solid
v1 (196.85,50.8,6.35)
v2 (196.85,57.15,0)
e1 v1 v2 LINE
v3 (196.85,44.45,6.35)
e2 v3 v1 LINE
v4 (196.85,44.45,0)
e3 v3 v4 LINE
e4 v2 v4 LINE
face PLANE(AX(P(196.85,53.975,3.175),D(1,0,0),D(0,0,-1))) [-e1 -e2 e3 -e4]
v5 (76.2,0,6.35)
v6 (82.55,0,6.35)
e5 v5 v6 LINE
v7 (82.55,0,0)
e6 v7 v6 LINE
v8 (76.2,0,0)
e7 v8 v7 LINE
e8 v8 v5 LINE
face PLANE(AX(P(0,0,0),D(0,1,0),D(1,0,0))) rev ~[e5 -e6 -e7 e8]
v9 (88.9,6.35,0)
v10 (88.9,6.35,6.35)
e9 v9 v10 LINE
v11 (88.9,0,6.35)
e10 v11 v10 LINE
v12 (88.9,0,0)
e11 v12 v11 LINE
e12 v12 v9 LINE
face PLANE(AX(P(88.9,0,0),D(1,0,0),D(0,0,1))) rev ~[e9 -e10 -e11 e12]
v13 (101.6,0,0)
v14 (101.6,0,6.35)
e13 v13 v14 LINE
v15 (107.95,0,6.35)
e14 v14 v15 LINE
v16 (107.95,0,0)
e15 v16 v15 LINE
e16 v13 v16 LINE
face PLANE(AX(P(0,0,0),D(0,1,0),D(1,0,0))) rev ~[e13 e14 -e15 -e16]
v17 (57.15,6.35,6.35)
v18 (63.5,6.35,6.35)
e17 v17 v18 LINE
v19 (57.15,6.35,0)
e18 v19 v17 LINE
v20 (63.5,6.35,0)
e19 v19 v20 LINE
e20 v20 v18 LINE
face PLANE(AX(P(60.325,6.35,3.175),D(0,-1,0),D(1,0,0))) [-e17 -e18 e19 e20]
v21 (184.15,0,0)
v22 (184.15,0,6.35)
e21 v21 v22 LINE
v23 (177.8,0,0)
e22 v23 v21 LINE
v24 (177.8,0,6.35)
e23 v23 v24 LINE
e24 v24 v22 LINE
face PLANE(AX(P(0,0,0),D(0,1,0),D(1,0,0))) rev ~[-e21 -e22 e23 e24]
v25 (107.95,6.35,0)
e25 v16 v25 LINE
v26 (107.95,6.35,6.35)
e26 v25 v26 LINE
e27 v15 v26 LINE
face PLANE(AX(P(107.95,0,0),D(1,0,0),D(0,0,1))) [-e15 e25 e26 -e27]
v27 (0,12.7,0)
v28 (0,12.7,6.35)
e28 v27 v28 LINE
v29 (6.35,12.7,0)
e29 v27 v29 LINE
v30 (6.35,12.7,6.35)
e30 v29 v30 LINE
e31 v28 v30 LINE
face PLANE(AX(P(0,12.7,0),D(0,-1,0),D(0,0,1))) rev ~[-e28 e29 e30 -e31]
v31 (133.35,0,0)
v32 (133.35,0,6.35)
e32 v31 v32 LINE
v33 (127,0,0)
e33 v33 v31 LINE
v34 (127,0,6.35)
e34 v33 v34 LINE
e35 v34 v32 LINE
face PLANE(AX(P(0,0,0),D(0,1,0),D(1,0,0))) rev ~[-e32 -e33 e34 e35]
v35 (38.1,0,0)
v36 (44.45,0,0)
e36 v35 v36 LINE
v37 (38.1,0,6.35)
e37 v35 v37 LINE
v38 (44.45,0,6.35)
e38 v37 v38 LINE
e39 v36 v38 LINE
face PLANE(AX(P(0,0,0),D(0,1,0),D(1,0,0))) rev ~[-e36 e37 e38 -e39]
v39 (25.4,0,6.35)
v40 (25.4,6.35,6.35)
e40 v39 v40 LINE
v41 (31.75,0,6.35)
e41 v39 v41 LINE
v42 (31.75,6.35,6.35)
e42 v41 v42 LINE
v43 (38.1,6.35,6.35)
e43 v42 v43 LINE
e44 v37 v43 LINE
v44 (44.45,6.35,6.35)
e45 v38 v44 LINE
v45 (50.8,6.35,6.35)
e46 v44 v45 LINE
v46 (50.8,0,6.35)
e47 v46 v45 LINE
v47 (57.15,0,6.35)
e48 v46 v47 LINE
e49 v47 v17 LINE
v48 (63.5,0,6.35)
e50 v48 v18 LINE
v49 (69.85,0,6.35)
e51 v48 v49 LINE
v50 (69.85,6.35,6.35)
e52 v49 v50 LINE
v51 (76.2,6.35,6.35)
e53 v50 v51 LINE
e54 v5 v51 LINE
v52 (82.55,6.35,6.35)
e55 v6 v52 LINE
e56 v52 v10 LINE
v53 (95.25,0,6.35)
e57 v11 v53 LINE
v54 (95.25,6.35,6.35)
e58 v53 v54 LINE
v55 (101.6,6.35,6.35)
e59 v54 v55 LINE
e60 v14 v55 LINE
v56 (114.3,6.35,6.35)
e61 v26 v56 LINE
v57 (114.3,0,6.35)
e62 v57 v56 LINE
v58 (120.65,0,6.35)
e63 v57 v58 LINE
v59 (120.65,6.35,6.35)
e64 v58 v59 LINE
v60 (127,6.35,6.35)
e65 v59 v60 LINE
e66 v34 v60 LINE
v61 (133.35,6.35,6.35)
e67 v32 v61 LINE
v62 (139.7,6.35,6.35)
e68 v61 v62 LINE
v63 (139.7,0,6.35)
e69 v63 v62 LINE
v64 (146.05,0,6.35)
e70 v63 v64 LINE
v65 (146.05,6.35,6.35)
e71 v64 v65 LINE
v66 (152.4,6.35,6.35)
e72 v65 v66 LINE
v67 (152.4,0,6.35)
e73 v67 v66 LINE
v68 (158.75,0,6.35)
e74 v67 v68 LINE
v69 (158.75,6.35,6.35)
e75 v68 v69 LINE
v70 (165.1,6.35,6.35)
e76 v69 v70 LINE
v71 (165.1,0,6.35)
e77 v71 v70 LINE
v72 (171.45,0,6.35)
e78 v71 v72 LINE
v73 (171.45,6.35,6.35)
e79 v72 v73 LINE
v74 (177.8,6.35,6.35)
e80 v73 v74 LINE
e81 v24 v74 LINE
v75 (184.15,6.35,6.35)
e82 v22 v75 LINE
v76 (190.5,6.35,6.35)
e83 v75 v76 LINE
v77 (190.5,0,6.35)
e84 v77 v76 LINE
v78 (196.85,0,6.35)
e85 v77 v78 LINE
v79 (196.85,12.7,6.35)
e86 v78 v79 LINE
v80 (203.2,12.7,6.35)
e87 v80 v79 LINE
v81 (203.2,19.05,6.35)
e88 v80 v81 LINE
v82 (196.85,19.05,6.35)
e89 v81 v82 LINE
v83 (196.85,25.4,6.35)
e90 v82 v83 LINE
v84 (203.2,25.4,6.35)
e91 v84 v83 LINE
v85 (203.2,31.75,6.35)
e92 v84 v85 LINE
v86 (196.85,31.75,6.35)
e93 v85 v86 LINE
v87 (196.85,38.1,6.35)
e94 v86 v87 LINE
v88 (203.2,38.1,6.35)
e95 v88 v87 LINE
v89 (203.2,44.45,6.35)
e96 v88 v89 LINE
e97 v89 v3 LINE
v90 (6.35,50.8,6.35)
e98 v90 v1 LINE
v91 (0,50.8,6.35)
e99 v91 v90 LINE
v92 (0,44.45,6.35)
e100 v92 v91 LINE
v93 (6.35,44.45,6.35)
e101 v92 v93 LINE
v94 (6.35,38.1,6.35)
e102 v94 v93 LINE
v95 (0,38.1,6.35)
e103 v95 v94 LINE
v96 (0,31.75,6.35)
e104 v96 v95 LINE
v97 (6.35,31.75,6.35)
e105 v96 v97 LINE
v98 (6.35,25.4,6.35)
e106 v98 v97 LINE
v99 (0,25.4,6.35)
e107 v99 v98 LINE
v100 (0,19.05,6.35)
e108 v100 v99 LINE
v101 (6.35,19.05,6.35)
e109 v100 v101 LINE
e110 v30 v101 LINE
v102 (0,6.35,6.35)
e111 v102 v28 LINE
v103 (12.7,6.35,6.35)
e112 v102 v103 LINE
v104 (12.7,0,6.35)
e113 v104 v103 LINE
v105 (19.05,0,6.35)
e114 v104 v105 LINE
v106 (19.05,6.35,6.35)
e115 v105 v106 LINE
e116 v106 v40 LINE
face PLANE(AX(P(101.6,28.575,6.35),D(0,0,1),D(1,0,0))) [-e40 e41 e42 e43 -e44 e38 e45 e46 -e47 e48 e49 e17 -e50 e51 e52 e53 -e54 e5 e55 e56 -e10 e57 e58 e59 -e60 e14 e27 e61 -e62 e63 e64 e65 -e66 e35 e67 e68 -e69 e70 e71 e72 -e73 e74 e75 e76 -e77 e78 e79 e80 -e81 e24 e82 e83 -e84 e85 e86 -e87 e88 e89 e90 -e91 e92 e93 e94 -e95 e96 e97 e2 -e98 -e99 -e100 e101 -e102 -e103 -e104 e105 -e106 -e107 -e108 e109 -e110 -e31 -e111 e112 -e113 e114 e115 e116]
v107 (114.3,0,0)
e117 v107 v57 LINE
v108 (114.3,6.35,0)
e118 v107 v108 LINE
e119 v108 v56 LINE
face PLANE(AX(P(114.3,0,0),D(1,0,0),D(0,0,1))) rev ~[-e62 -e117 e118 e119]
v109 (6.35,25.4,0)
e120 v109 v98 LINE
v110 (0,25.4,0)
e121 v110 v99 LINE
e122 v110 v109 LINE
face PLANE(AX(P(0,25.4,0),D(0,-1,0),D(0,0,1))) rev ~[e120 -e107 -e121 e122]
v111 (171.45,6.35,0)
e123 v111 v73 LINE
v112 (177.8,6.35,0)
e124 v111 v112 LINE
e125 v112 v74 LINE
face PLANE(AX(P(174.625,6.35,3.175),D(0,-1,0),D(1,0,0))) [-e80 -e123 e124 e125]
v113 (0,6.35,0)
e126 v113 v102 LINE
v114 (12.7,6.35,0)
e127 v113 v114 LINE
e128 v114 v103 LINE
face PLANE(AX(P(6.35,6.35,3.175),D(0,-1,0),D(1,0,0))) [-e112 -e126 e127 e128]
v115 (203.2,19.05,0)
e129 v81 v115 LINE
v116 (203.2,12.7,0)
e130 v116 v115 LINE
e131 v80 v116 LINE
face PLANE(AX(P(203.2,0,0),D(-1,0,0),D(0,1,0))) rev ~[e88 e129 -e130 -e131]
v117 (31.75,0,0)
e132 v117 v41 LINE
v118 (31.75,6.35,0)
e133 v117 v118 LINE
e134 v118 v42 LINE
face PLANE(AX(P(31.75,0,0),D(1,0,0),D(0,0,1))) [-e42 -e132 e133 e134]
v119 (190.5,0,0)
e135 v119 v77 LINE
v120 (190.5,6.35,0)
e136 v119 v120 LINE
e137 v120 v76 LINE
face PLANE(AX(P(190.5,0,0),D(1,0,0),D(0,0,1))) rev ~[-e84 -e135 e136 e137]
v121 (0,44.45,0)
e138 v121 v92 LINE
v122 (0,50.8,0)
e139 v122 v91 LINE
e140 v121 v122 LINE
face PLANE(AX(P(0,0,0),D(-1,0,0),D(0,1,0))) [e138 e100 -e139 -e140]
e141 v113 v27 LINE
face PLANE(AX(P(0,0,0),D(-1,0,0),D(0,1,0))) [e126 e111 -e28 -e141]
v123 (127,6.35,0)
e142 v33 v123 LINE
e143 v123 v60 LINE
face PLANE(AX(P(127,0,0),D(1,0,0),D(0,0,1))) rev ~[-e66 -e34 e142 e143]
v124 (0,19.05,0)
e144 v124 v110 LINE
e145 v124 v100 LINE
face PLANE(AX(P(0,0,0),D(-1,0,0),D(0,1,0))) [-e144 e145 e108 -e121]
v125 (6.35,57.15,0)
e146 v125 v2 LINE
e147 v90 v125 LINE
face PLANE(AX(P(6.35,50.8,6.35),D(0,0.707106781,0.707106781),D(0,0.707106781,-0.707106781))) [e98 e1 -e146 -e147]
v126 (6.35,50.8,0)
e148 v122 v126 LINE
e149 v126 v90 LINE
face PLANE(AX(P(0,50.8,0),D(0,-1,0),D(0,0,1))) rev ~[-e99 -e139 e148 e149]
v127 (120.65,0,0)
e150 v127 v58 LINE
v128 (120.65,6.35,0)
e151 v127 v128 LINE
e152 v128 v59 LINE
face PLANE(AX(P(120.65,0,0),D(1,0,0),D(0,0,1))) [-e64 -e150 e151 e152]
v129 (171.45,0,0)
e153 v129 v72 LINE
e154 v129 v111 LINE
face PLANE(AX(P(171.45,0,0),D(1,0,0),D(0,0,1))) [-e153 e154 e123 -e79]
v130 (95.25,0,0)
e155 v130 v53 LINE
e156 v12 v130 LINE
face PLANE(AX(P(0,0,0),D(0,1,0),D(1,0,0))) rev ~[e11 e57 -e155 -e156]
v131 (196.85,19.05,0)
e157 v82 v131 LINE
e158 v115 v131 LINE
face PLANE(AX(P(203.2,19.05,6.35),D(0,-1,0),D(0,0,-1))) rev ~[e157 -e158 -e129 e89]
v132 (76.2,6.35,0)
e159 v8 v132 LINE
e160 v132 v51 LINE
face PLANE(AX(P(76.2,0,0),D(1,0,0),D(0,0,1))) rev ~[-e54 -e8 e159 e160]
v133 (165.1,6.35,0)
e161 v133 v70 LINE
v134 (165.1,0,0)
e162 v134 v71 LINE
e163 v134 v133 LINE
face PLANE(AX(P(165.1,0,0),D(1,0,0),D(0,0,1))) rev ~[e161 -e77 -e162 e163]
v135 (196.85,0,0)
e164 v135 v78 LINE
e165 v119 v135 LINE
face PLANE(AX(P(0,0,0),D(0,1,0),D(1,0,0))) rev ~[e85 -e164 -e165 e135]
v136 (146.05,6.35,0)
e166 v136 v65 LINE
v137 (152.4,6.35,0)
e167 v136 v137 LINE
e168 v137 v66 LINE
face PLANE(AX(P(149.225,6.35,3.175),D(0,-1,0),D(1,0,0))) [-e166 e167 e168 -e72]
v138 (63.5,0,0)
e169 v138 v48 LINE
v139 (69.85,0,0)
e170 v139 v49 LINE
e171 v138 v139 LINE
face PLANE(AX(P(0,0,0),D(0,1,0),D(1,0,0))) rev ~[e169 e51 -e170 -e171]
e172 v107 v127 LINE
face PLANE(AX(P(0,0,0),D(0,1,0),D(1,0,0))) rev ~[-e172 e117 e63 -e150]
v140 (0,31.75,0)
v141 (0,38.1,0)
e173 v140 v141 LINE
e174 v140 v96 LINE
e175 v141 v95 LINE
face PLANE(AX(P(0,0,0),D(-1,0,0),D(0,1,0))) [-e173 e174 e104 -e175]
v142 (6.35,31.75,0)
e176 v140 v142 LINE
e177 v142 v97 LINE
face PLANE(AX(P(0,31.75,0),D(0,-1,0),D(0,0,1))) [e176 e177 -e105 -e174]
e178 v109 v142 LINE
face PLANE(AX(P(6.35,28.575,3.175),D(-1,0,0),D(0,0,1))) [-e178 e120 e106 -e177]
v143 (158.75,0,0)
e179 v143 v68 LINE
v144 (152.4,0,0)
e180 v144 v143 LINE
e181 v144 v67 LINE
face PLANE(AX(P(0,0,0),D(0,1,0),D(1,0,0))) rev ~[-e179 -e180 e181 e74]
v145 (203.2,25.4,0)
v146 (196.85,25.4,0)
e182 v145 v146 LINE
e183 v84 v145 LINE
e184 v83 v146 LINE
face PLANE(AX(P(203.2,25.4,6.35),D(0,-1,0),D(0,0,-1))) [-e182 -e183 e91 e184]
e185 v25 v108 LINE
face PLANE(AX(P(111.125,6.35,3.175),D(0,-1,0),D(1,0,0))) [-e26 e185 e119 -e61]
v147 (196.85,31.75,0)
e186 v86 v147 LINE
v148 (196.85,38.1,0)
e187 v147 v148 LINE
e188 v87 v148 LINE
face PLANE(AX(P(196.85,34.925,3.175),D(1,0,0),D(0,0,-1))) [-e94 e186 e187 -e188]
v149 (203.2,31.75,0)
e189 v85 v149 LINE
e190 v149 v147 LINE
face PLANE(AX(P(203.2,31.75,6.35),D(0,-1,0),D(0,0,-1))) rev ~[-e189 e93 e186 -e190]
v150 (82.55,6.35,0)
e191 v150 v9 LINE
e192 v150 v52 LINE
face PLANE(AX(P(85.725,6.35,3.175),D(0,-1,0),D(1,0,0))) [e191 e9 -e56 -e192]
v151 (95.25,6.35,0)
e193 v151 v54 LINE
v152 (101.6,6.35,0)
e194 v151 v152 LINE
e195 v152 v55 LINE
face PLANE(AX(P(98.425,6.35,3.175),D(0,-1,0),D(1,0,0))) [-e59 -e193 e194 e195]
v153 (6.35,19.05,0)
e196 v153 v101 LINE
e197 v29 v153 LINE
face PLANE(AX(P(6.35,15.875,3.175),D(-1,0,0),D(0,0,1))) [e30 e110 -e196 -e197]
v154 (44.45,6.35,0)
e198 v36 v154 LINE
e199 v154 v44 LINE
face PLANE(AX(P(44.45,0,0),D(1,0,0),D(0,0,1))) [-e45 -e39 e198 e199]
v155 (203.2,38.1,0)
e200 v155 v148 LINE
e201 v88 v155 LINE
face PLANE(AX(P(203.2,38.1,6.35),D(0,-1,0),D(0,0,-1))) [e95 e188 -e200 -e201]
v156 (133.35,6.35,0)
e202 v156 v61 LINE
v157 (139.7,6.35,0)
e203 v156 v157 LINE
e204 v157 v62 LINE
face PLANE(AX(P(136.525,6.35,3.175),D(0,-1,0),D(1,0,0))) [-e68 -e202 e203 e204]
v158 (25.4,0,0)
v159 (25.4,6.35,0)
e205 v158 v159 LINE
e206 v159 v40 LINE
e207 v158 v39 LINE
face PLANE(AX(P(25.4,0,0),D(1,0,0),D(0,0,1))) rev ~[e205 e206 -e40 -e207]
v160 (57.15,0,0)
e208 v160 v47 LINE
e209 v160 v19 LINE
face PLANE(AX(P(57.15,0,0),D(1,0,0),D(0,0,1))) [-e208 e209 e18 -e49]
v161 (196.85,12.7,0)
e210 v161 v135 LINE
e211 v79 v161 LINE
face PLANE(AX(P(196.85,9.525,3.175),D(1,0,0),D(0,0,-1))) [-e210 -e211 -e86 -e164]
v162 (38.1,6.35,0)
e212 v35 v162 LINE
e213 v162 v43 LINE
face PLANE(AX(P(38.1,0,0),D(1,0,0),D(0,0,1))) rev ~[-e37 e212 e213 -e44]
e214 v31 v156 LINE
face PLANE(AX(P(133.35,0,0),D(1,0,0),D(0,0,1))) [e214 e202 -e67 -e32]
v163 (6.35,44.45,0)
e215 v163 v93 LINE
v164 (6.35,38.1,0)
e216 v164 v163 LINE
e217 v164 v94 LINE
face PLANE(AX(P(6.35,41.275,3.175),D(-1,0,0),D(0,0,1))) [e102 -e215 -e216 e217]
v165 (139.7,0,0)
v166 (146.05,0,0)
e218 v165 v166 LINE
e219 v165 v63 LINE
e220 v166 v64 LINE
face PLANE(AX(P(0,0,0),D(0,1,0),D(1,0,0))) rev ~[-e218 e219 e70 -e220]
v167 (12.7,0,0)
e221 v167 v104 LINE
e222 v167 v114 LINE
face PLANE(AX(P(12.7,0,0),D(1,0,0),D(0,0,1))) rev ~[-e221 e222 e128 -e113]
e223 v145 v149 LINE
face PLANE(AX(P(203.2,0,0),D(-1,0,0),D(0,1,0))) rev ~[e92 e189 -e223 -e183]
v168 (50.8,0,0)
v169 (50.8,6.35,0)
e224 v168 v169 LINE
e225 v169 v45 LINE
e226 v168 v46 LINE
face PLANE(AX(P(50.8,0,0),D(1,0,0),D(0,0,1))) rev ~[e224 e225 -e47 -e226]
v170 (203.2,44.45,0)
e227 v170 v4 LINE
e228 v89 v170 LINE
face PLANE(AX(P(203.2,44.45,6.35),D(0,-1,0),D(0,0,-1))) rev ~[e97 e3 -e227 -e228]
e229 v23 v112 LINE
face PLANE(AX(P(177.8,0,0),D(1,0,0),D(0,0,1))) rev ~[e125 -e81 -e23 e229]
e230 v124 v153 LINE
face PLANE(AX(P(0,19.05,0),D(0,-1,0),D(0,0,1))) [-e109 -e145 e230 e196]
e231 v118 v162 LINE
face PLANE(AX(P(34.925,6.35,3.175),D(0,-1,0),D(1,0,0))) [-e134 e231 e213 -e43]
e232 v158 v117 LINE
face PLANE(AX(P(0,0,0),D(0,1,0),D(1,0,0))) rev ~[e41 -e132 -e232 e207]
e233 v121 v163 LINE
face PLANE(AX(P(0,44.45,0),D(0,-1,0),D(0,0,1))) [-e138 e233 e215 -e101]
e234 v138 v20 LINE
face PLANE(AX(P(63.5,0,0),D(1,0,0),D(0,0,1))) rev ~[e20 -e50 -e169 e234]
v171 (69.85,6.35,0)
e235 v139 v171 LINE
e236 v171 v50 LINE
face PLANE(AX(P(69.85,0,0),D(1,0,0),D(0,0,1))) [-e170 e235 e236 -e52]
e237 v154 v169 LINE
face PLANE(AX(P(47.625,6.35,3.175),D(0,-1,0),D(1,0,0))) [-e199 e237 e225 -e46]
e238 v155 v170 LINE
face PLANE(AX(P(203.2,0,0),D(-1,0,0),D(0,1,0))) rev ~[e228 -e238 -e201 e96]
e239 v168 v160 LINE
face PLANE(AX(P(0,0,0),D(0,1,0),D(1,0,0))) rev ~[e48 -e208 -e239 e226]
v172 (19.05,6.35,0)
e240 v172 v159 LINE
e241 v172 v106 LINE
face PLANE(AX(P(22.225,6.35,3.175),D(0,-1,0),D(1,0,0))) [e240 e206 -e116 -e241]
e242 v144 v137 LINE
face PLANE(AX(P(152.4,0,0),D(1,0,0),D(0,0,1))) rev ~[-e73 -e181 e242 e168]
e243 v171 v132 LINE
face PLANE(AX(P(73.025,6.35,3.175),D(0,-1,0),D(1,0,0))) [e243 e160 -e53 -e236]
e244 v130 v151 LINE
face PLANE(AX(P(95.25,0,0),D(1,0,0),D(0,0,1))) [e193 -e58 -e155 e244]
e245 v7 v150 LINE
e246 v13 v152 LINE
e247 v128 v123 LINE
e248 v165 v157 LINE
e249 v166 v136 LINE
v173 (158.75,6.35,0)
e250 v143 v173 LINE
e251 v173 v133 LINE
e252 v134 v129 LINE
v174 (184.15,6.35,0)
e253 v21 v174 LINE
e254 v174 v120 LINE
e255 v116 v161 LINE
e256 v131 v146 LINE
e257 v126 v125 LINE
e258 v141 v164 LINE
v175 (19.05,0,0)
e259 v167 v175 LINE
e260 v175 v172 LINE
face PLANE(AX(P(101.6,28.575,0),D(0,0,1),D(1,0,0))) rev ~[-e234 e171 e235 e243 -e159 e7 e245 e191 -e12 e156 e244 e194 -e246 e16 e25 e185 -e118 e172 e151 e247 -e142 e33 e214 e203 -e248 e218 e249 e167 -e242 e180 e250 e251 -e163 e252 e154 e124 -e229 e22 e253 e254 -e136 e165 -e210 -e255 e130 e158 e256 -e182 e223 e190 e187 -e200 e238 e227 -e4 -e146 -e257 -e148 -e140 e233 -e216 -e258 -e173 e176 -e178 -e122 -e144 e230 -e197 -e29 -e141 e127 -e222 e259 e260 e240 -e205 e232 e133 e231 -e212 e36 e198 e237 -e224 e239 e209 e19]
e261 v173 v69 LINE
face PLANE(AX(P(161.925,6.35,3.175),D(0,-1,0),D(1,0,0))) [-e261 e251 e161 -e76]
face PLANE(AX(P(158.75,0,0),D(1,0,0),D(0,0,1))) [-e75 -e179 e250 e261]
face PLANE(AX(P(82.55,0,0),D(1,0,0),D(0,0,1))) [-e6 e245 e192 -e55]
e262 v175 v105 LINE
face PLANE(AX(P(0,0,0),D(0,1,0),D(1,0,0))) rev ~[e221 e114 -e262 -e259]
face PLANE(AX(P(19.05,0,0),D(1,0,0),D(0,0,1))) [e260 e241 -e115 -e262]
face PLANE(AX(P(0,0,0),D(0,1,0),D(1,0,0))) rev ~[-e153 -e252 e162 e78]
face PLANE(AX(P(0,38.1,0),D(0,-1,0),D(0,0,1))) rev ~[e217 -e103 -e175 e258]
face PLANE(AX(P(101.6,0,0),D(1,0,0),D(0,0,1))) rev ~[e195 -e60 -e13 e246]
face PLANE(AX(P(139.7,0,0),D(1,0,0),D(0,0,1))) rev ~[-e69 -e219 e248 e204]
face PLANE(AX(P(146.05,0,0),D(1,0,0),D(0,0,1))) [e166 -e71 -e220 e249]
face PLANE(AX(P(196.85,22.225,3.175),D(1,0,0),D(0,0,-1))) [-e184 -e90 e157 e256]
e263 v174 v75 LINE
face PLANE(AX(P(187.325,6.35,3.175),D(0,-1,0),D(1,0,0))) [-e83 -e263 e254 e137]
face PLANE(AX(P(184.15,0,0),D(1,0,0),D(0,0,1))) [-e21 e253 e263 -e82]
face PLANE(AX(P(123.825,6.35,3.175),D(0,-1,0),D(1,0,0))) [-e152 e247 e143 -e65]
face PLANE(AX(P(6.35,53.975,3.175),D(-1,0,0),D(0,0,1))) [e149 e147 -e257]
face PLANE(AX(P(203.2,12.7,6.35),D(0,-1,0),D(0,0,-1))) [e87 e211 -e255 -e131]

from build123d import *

# Parameters (mm, degrees)
SKETCH2_W           = 203.2
SKETCH2_H           = 57.15
BOSS_EXTRUDE1_DEPTH = 6.35
SKETCH3_W           = 12.7
SKETCH3_H           = 6.35
CUT_EXTRUDE1_DEPTH  = 6.35
SKETCH5_W           = 6.35
SKETCH5_H           = 6.35
CUT_EXTRUDE2_DEPTH  = 6.35
LPATTERN1_COUNT     = 15
LPATTERN1_PITCH     = 12.7
SKETCH6_W           = 6.35
SKETCH6_H           = 6.35
CUT_EXTRUDE3_DEPTH  = 6.35
SKETCH7_W           = 6.35
SKETCH7_H           = 6.35
CUT_EXTRUDE4_DEPTH  = 6.35
LPATTERN2_COUNT     = 4
LPATTERN2_PITCH     = 12.7
SKETCH8_W           = 6.35
SKETCH8_H           = 6.35
CUT_EXTRUDE5_DEPTH  = 6.35
SKETCH9_W           = 6.35
SKETCH9_H           = 6.35
CUT_EXTRUDE6_DEPTH  = 6.35
LPATTERN3_COUNT     = 4
LPATTERN3_PITCH     = 12.7
CUT_EXTRUDE7_DEPTH  = 190.5


with BuildPart() as part:
    # Sketch2 → Boss-Extrude1 (new body)
    with BuildSketch(Plane.XY):
        with Locations((101.6, 28.575)):
            Rectangle(SKETCH2_W, SKETCH2_H)
    extrude(amount=BOSS_EXTRUDE1_DEPTH)

    # Sketch3 → Cut-Extrude1 (cut)
    with BuildSketch(Plane.XZ):
        with Locations((6.35, 3.175)):
            Rectangle(SKETCH3_W, SKETCH3_H)
    extrude(amount=-CUT_EXTRUDE1_DEPTH, mode=Mode.SUBTRACT)

    # Sketch5 → Cut-Extrude2 (cut)
    with BuildSketch(Plane.XZ):
        with Locations((22.225, 3.175)):
            Rectangle(SKETCH5_W, SKETCH5_H)
    cut_extrude2 = extrude(amount=-CUT_EXTRUDE2_DEPTH, mode=Mode.SUBTRACT)

    # LPattern1: Cut-Extrude2 ×15
    with Locations(*[(i * LPATTERN1_PITCH, 0, 0) for i in range(1, LPATTERN1_COUNT)]):
        add(cut_extrude2, mode=Mode.SUBTRACT)

    # Sketch6 → Cut-Extrude3 (cut)
    with BuildSketch(Plane(origin=(203.2, 0, 0), x_dir=(0, 0, -1), z_dir=(1, 0, 0))):
        with Locations((-3.175, 9.525)):
            Rectangle(SKETCH6_W, SKETCH6_H)
    extrude(amount=-CUT_EXTRUDE3_DEPTH, mode=Mode.SUBTRACT)

    # Sketch7 → Cut-Extrude4 (cut)
    with BuildSketch(Plane(origin=(203.2, 0, 0), x_dir=(0, 0, -1), z_dir=(1, 0, 0))):
        with Locations((-3.175, 22.225)):
            Rectangle(SKETCH7_W, SKETCH7_H)
    cut_extrude4 = extrude(amount=-CUT_EXTRUDE4_DEPTH, mode=Mode.SUBTRACT)

    # LPattern2: Cut-Extrude4 ×4
    with Locations(*[(0, i * LPATTERN2_PITCH, 0) for i in range(1, LPATTERN2_COUNT)]):
        add(cut_extrude4, mode=Mode.SUBTRACT)

    # Sketch8 → Cut-Extrude5 (cut)
    with BuildSketch(Plane(origin=(203.2, 0, 0), x_dir=(0, 0, -1), z_dir=(1, 0, 0))):
        with Locations((-3.175, 53.975)):
            Rectangle(SKETCH8_W, SKETCH8_H)
    extrude(amount=-CUT_EXTRUDE5_DEPTH, mode=Mode.SUBTRACT)

    # Sketch9 → Cut-Extrude6 (cut)
    with BuildSketch(Plane.ZY):
        with Locations((3.175, 15.875)):
            Rectangle(SKETCH9_W, SKETCH9_H)
    cut_extrude6 = extrude(amount=-CUT_EXTRUDE6_DEPTH, mode=Mode.SUBTRACT)

    # LPattern3: Cut-Extrude6 ×4
    with Locations(*[(0, i * LPATTERN3_PITCH, 0) for i in range(1, LPATTERN3_COUNT)]):
        add(cut_extrude6, mode=Mode.SUBTRACT)

    # Sketch10 → Cut-Extrude7 (cut)
    with BuildSketch(Plane.ZY.offset(-6.35)):
        Polygon((6.35, 57.15), (6.35, 50.8), (0, 57.15), align=None)
    extrude(amount=-CUT_EXTRUDE7_DEPTH, mode=Mode.SUBTRACT)


solid = part.part
